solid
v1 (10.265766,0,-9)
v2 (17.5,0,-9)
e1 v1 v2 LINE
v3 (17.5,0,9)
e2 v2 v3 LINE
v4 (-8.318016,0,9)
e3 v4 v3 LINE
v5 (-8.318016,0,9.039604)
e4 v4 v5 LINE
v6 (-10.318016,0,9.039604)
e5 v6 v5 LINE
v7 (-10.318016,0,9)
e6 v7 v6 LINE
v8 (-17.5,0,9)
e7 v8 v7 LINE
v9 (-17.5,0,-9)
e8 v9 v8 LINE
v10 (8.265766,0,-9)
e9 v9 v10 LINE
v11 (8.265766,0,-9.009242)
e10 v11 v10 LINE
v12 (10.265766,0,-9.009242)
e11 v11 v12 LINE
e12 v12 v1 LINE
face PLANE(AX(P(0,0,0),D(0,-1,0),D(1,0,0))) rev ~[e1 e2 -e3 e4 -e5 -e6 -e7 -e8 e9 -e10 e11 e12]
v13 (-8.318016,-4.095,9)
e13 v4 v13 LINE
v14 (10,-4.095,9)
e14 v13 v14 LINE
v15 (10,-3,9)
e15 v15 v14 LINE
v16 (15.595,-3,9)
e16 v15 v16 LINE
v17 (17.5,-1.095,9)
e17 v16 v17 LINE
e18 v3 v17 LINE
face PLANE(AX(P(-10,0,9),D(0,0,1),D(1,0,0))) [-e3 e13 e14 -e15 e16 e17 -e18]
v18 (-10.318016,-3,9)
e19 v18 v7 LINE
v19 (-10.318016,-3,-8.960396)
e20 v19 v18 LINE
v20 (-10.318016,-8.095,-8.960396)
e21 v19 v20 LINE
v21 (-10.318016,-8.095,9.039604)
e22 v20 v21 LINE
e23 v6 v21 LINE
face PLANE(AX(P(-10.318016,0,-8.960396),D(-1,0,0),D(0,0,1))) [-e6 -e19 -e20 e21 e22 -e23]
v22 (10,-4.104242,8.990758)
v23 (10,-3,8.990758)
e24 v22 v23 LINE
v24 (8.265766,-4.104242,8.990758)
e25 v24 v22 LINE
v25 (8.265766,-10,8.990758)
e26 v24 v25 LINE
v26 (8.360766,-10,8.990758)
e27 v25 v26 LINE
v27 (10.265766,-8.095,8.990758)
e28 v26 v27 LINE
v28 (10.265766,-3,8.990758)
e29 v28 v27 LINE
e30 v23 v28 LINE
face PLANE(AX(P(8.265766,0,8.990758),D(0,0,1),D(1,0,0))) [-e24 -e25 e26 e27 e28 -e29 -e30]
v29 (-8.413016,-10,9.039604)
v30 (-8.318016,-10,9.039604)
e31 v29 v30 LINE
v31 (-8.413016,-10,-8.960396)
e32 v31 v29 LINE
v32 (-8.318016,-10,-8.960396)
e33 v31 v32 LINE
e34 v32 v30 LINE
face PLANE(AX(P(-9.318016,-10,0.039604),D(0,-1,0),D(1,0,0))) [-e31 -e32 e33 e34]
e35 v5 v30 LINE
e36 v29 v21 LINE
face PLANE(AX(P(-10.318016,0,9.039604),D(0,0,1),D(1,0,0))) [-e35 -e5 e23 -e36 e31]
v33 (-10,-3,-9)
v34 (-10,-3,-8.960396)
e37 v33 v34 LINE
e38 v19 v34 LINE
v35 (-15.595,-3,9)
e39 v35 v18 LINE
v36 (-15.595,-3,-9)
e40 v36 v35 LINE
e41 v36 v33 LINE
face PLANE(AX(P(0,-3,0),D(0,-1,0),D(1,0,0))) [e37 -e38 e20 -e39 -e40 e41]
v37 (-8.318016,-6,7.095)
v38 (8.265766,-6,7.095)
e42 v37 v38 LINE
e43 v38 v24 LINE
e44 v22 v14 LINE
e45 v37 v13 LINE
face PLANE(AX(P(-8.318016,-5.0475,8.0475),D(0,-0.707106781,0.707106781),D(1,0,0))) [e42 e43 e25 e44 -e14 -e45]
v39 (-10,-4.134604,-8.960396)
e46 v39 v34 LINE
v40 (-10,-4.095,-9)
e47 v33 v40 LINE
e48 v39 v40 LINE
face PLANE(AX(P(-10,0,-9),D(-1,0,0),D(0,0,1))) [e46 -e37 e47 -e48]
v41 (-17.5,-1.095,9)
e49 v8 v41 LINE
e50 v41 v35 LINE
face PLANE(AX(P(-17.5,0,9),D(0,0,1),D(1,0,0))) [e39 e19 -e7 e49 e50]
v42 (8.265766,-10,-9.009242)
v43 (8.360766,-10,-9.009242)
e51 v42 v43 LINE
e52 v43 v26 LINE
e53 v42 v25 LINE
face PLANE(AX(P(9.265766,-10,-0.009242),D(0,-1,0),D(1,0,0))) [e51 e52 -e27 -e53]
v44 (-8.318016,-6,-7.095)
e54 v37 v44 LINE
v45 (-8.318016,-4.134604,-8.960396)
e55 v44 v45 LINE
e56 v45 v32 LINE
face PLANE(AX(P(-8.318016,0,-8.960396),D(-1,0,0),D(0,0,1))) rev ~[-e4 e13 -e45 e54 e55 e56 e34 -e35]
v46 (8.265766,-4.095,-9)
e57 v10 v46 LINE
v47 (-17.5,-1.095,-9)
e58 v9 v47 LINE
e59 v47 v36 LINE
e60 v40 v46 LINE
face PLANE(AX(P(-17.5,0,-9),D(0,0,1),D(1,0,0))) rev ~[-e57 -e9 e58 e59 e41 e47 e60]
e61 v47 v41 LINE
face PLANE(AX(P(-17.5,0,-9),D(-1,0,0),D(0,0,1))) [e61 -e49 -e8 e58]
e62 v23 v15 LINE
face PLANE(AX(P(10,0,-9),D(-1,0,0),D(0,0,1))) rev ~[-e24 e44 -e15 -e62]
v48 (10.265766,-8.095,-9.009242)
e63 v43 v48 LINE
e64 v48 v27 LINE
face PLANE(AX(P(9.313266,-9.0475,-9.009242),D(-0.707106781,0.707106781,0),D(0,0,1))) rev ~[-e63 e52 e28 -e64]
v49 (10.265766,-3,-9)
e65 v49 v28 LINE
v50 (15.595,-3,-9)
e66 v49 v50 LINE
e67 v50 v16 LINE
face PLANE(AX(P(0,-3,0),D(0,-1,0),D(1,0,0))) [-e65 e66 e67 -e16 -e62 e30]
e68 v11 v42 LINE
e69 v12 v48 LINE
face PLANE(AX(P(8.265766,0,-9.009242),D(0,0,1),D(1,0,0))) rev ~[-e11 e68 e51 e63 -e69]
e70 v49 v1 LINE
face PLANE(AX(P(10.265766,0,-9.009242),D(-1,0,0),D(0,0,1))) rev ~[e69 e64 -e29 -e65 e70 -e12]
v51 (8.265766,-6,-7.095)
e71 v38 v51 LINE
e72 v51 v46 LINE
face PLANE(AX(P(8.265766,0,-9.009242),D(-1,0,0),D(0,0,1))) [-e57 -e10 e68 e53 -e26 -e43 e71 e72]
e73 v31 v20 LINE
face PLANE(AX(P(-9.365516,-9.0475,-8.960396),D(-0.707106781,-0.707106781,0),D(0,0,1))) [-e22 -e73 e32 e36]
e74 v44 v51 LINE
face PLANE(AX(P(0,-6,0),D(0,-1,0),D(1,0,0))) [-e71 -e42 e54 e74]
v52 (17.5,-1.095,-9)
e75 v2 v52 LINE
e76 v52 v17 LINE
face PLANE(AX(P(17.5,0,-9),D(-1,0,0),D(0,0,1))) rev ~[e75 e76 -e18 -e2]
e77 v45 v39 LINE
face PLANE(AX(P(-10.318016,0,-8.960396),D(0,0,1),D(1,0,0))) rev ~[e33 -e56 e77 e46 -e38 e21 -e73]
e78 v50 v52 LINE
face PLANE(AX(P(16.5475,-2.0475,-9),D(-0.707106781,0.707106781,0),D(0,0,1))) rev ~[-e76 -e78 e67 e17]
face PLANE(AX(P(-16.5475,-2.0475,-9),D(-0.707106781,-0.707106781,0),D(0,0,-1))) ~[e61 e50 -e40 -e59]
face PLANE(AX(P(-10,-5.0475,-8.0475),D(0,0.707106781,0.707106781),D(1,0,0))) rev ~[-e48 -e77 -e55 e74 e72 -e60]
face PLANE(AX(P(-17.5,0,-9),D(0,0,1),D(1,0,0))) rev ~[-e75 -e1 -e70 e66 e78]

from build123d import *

# Parameters (mm, degrees)
F0_W     = 20
F0_H     = 18
F1_DEPTH = 6
F2_W     = 2
F2_H     = 18
F3_DEPTH = 10
F4_W     = 35
F4_H     = 18
F5_DEPTH = 3
F6_SIZE  = 1.905


with BuildPart() as f1:
    # F0 (on Front) → F1 (new body)
    with BuildSketch(Plane.XZ):
        Rectangle(F0_W, F0_H)
    extrude(amount=F1_DEPTH)

    # F2 (on Front) → F3 (join)
    with BuildSketch(Plane.XZ):
        with Locations((9.265766, -0.009242)):
            Rectangle(F2_W, F2_H)
        with Locations((-9.318016, 0.039604)):
            Rectangle(F2_W, F2_H)
    extrude(amount=F3_DEPTH)

    # F4 (on Front) → F5 (join)
    with BuildSketch(Plane.XZ):
        Rectangle(F4_W, F4_H)
    extrude(amount=F5_DEPTH)

    # F6
    f6_edges = [f1.edges().sort_by_distance(p)[0] for p in [
        (-17.5, -3, 0),
        (17.5, -3, 0),
        (10.265766, -10, -0.009242),
        (-10.318016, -10, 0.039604),
        (0.840992, -6, 9),
        (-0.867117, -6, -9),
    ]]
    chamfer(f6_edges, length=F6_SIZE)


solid = f1.part
